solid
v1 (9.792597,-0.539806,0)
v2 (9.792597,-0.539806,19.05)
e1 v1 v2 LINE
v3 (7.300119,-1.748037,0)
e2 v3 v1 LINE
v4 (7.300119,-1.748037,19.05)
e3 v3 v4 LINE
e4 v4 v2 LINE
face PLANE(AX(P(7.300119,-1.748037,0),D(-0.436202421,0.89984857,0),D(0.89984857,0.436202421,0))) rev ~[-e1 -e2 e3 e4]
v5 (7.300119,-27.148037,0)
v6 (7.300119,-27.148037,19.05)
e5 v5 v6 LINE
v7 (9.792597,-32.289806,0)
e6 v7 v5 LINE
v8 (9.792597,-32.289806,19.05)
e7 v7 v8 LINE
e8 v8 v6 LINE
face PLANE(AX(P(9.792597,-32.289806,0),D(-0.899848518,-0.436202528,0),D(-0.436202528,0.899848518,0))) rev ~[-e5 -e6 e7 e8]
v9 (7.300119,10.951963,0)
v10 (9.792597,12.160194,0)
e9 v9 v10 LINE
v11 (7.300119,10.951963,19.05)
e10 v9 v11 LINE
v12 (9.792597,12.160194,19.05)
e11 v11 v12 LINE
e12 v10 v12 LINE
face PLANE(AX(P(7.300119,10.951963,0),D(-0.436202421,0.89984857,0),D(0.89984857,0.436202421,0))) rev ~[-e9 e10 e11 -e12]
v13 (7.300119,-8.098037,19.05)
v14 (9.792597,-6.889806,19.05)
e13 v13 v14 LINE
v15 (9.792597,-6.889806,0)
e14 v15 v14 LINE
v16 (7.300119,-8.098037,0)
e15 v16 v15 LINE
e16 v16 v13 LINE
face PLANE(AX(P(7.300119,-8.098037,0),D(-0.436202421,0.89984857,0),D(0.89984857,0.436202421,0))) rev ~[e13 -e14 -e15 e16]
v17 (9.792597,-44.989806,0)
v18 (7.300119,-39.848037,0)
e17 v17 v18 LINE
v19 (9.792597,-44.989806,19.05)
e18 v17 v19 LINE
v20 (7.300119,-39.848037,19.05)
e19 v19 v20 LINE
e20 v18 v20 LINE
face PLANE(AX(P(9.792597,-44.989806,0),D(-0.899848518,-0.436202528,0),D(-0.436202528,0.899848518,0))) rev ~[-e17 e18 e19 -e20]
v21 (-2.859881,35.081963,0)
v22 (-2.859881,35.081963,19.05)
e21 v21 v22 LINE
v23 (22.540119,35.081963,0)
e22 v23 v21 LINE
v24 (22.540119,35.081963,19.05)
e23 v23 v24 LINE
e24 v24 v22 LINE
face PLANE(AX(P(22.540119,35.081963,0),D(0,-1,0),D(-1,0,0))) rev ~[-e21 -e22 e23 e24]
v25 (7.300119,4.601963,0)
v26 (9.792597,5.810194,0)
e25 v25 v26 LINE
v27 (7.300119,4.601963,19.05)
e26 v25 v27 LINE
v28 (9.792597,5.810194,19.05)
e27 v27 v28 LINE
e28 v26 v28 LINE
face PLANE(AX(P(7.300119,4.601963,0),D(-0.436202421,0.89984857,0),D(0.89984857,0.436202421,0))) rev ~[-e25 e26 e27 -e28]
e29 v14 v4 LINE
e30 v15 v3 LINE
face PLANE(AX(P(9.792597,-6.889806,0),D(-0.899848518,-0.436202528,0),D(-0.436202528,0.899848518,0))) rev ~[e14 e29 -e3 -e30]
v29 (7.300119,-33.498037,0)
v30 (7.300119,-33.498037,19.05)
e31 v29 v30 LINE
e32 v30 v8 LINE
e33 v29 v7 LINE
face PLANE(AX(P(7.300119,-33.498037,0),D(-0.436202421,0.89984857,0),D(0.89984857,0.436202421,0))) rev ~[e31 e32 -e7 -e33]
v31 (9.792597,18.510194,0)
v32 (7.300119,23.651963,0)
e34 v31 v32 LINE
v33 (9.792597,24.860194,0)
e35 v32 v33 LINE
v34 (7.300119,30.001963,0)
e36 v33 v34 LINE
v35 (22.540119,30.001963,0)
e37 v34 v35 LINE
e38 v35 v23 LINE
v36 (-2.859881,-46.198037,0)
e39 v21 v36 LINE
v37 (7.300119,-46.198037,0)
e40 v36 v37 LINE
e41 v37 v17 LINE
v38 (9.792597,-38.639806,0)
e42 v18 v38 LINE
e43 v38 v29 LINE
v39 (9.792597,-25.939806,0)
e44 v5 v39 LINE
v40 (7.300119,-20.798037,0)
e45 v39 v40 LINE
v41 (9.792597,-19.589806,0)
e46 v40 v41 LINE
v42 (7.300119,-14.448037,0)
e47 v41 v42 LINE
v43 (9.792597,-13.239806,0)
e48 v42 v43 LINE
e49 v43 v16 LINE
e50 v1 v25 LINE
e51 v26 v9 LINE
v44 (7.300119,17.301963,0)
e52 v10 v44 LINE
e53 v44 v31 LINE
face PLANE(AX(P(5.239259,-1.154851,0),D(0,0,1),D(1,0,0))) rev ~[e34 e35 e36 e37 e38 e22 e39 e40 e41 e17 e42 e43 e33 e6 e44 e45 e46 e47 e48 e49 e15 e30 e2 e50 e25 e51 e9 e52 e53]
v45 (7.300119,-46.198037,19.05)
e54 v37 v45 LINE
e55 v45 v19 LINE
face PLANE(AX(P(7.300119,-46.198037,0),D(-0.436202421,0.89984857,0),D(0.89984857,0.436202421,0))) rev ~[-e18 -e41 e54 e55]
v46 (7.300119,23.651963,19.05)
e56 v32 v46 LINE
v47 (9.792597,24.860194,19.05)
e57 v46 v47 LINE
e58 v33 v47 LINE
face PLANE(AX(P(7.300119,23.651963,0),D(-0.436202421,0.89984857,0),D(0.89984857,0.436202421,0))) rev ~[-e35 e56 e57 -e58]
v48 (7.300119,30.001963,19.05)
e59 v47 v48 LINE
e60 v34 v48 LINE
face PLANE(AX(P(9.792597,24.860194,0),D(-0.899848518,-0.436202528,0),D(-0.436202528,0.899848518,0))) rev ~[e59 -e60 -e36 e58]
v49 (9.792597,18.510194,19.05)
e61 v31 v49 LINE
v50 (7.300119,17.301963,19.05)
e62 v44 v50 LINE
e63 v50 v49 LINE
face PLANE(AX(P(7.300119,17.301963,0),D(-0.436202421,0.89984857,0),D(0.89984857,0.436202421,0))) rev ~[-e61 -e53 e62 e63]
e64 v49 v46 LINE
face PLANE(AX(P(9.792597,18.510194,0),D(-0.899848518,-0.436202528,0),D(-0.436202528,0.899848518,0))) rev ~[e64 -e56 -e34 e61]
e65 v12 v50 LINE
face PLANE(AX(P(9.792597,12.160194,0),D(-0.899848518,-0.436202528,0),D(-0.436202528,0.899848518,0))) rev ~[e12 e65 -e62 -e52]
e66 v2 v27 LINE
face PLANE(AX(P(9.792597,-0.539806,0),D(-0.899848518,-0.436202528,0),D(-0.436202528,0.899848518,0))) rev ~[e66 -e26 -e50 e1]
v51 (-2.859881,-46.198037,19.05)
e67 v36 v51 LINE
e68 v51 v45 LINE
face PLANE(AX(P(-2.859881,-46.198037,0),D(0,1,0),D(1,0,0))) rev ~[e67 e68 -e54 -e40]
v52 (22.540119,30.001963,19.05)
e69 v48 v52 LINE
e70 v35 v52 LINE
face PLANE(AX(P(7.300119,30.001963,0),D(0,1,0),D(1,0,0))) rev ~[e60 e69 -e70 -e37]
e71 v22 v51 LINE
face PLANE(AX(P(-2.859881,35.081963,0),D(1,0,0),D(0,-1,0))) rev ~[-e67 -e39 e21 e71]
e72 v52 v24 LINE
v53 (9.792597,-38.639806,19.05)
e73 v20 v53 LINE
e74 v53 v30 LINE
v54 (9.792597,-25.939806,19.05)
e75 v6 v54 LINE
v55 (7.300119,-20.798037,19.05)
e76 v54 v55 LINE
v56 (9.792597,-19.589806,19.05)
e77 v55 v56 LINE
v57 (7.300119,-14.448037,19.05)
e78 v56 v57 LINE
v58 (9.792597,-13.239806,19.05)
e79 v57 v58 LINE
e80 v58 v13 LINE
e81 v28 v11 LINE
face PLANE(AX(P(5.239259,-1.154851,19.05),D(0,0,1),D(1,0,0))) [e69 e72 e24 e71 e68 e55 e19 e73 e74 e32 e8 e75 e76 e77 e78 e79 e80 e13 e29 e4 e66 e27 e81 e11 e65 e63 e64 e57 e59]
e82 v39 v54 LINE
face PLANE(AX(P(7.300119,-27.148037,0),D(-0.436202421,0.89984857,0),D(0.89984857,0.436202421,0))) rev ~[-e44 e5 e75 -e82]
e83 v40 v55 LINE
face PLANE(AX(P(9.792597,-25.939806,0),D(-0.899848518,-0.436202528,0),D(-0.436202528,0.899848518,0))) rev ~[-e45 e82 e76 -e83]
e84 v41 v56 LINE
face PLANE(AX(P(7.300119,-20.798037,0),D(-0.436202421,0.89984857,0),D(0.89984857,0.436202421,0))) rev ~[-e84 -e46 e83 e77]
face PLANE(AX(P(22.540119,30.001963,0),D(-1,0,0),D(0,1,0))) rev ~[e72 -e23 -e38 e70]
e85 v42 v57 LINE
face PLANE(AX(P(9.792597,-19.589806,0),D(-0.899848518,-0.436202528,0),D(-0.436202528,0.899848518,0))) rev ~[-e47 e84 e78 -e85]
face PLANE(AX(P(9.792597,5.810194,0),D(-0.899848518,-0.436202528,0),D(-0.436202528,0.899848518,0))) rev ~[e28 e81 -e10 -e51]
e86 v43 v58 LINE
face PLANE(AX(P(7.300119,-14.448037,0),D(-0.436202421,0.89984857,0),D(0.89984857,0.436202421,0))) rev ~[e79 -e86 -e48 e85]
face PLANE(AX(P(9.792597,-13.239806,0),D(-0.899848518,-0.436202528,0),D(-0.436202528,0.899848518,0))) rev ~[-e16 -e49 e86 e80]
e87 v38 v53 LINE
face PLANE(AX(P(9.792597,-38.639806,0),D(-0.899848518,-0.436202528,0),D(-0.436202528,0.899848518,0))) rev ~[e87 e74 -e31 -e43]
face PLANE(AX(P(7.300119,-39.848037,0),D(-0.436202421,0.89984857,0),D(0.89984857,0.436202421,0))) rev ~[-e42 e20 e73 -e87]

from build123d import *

# Parameters (mm, degrees)
F1_DEPTH = 19.05


with BuildPart() as f1:
    # F0 (on Top) → F1 (new body)
    with BuildSketch(Plane.XY):
        Polygon((-2.859881, 30.001963), (-2.859881, -46.198037), (7.300119, -46.198037), (9.792597, -44.989806), (7.300119, -39.848037), (9.792597, -38.639806), (7.300119, -33.498037), (9.792597, -32.289806), (7.300119, -27.148037), (9.792597, -25.939806), (7.300119, -20.798037), (9.792597, -19.589806), (7.300119, -14.448037), (9.792597, -13.239806), (7.300119, -8.098037), (9.792597, -6.889806), (7.300119, -1.748037), (9.792597, -0.539806), (7.300119, 4.601963), (9.792597, 5.810194), (7.300119, 10.951963), (9.792597, 12.160194), (7.300119, 17.301963), (9.792597, 18.510194), (7.300119, 23.651963), (9.792597, 24.860194), (7.300119, 30.001963), (22.540119, 30.001963), (22.540119, 35.081963), (-2.859881, 35.081963), align=None)
    extrude(amount=F1_DEPTH)


solid = f1.part
